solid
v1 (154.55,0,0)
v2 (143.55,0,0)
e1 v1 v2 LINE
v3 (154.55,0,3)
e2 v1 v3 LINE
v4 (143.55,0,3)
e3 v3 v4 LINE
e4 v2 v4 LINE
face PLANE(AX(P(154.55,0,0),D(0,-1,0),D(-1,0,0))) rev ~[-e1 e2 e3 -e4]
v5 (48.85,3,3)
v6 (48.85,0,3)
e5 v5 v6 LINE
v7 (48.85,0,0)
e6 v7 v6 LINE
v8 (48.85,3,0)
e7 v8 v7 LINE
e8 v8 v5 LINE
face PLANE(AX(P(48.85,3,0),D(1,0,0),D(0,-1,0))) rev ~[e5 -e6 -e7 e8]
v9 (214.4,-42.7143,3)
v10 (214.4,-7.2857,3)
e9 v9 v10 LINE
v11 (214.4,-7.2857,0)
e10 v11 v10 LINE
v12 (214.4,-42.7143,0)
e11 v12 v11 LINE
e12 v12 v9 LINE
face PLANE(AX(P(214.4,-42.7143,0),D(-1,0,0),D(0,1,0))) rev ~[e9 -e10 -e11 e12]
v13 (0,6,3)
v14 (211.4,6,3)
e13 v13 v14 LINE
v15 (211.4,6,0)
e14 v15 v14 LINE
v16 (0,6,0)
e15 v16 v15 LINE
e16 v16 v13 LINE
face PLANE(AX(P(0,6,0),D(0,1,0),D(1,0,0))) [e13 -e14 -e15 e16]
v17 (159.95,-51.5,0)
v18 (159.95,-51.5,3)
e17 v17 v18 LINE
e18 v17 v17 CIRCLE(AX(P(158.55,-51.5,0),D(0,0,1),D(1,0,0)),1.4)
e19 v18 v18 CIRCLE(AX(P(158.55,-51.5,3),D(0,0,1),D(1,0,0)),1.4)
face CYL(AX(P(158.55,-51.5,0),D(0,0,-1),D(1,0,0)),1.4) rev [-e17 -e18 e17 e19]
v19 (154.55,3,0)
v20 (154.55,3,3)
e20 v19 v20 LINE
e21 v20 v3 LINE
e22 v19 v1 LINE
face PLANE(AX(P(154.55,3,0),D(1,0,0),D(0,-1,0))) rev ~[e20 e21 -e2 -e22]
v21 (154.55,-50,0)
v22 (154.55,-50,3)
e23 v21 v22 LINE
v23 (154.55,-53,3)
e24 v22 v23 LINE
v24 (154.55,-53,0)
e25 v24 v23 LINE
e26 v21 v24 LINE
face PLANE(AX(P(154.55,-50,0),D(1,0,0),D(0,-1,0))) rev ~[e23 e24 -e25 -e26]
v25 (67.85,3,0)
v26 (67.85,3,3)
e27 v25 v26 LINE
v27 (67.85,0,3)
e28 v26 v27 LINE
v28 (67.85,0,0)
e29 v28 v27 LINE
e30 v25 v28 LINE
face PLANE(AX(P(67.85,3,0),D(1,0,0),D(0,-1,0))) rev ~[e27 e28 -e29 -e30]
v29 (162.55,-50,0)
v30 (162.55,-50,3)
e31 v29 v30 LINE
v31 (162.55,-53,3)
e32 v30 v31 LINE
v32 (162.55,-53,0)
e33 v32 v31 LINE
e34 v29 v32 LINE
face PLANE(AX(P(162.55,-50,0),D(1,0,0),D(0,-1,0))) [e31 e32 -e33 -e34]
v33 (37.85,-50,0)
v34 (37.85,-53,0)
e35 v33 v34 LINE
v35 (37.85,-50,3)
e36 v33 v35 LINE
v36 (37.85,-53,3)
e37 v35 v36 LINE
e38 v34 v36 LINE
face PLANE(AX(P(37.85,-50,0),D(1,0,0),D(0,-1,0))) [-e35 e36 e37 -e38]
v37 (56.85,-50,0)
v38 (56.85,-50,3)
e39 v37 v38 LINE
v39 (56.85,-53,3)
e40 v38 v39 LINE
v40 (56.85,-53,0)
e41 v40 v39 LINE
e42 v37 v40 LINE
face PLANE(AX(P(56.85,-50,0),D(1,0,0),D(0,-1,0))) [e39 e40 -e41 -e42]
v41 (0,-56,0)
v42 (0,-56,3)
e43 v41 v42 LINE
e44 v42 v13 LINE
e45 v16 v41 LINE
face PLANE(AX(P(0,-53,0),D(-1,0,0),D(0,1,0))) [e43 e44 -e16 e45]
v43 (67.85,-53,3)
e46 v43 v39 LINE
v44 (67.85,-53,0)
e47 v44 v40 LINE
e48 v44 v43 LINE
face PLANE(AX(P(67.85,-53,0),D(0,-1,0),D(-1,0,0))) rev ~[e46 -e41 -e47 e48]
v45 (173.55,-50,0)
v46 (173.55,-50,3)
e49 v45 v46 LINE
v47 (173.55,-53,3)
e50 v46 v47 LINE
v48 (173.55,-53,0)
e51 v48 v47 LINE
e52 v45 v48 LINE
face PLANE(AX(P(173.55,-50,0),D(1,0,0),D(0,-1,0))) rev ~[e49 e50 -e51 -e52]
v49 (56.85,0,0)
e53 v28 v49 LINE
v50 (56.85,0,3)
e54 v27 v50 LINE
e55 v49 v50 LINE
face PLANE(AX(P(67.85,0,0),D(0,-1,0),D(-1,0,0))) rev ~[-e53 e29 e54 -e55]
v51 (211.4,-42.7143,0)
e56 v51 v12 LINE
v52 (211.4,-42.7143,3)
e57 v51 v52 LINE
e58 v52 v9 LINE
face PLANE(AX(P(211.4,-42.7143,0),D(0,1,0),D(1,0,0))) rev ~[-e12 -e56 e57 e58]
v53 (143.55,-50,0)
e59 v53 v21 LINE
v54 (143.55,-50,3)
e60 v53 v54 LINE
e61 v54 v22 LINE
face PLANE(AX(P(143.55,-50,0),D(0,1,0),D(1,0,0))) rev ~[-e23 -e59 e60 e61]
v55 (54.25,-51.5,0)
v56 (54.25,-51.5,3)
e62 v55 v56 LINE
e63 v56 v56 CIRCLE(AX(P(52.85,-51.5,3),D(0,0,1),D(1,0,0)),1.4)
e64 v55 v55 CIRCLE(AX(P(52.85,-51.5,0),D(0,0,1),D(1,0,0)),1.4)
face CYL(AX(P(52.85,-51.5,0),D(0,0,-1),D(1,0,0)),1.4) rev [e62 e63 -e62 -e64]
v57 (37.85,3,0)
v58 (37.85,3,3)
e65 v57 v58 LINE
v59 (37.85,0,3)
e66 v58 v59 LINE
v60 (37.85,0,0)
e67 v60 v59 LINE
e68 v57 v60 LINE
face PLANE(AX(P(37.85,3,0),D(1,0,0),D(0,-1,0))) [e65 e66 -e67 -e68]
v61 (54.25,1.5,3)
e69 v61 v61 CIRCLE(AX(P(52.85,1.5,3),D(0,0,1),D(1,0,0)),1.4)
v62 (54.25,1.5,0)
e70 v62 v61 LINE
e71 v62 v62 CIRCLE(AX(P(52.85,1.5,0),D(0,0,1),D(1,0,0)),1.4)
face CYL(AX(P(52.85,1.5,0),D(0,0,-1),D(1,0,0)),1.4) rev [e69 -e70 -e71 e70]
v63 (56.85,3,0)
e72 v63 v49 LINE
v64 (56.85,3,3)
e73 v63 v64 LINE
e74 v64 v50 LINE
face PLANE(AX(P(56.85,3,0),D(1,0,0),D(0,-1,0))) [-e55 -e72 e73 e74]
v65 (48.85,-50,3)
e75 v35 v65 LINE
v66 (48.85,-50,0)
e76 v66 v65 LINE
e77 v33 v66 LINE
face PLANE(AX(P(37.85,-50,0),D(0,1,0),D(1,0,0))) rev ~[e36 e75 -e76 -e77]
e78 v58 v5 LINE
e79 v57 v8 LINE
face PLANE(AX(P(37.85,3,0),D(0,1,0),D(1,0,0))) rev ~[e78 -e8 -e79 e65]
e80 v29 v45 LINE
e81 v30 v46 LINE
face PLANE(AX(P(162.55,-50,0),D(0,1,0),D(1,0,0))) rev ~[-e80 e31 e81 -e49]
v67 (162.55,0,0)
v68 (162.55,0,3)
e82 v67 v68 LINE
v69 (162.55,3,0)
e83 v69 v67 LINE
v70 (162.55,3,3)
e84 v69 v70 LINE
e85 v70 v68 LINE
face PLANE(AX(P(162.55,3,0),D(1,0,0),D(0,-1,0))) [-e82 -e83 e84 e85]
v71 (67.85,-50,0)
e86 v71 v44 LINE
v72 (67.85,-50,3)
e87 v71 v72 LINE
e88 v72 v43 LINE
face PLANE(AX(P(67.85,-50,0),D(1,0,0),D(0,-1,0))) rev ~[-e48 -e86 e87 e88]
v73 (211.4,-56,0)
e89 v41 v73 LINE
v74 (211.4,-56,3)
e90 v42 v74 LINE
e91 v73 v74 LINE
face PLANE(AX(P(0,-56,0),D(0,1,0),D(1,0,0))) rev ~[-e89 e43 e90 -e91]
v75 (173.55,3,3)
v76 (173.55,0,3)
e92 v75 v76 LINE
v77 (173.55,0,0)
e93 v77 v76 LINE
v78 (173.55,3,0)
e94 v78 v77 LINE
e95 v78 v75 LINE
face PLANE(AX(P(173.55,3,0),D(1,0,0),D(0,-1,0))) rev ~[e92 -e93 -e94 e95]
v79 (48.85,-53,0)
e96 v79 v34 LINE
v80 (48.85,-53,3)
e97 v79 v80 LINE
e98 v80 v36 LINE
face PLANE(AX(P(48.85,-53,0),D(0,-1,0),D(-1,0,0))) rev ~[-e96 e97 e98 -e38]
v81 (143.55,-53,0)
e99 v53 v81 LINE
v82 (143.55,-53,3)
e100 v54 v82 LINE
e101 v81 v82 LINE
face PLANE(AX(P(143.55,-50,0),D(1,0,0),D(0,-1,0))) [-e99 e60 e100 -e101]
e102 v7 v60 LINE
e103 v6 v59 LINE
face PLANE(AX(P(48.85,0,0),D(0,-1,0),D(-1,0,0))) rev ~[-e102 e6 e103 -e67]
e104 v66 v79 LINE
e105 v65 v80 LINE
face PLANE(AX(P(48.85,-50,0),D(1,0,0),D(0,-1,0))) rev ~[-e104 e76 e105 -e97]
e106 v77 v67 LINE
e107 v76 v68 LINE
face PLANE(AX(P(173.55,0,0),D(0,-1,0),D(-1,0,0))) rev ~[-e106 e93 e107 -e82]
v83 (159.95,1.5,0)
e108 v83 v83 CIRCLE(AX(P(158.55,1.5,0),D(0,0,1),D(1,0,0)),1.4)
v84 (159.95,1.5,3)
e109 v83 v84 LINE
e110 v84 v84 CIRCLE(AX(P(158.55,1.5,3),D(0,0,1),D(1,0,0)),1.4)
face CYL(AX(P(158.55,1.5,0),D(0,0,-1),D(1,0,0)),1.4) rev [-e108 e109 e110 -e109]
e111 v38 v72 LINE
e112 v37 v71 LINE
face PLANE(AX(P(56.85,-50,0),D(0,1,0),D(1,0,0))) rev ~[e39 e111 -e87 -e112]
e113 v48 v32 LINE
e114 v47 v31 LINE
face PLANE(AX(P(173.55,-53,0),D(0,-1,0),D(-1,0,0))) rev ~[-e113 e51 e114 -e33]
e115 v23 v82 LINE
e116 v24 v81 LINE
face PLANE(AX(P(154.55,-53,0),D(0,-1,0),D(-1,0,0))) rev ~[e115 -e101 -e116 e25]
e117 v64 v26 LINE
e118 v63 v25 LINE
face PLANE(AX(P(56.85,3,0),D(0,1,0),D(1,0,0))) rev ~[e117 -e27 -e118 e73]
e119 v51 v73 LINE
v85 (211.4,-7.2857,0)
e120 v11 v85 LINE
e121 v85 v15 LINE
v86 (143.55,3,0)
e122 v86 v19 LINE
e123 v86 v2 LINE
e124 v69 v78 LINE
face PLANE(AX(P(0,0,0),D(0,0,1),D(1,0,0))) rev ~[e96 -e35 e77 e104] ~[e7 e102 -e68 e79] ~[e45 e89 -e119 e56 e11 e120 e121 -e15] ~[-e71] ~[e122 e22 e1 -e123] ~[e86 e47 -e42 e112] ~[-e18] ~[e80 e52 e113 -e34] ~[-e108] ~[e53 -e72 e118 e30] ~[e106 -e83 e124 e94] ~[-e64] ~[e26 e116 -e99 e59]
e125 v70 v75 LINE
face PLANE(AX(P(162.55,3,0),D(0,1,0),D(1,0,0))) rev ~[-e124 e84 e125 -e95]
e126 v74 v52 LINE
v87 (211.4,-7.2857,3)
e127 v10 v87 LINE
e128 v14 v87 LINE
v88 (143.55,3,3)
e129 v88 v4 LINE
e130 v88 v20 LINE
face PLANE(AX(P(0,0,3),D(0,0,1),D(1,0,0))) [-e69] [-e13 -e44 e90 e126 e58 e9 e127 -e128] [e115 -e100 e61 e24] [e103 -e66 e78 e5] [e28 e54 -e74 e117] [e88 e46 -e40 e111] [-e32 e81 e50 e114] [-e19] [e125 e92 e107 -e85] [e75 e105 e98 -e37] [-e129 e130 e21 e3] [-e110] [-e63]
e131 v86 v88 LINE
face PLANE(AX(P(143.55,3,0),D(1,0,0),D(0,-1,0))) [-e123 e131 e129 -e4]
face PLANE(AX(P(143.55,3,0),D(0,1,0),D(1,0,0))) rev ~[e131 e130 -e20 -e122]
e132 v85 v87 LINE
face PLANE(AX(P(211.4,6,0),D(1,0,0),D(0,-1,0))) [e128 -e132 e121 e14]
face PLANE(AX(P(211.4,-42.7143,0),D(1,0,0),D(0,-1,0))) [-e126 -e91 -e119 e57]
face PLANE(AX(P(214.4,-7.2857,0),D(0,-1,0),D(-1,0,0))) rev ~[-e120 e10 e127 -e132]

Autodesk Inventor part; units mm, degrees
ref_plane "YZ Plane" through (0, 0, 0) normal (1, 0, 0) x (0, 1, 0)
ref_plane "XZ Plane" through (0, 0, 0) normal (0, 1, 0) x (-1, 0, 0)
ref_plane "XY Plane" through (0, 0, 0) normal (0, 0, 1) x (1, 0, 0)
sketch "Sketch1" plane through (0, 0, 0) normal (0, 0, 1) x (1, 0, 0)
  line L0 (0, 6) -> (211.4, 6)
  line L1 (211.4, 6) -> (211.4, -53)
  line L2 (211.4, -53) -> (0, -53)
  line L3 (0, -53) -> (0, 6)
  line L4 (214.4, 3) -> (214.4, 0) projected
  line L5 (37.85, -53) -> (0, -53) projected
  line L6 (0, 6) -> (211.4, 6) projected
  line L7 (211.4, 3) -> (211.4, 6) projected
  line L8 (0, -53) -> (0, -56)
  line L9 (0, -56) -> (211.4, -56)
  line L10 (211.4, -56) -> (211.4, -53)
  line L11 (211.4, -42.7143) -> (214.4, -42.7143)
  line L12 (214.4, -42.7143) -> (214.4, -7.2857)
  line L13 (214.4, -7.2857) -> (211.4, -7.2857)
  line L14 (-8.1633, -25) -> (265.4045, -25) construction
  line L15 (37.85, 3) -> (48.85, 3) projected
  line L16 (37.85, 3) -> (37.85, 0) projected
  line L17 (48.85, 0) -> (37.85, 0) projected
  line L18 (48.85, 3) -> (48.85, 0) projected
  line L19 (56.85, 3) -> (67.85, 3) projected
  line L20 (56.85, 3) -> (56.85, 0) projected
  line L21 (67.85, 0) -> (56.85, 0) projected
  line L22 (67.85, 3) -> (67.85, 0) projected
  line L23 (143.55, 3) -> (154.55, 3) projected
  line L24 (143.55, 3) -> (143.55, 0) projected
  line L25 (154.55, 0) -> (143.55, 0) projected
  line L26 (154.55, 3) -> (154.55, 0) projected
  line L27 (162.55, 3) -> (173.55, 3) projected
  line L28 (162.55, 3) -> (162.55, 0) projected
  line L29 (173.55, 0) -> (162.55, 0) projected
  line L30 (173.55, 3) -> (173.55, 0) projected
  line L31 (162.55, -50) -> (173.55, -50) projected
  line L32 (162.55, -50) -> (162.55, -53) projected
  line L33 (173.55, -53) -> (162.55, -53) projected
  line L34 (173.55, -50) -> (173.55, -53) projected
  line L35 (143.55, -50) -> (154.55, -50) projected
  line L36 (143.55, -50) -> (143.55, -53) projected
  line L37 (154.55, -53) -> (143.55, -53) projected
  line L38 (154.55, -50) -> (154.55, -53) projected
  line L39 (56.85, -50) -> (67.85, -50) projected
  line L40 (56.85, -50) -> (56.85, -53) projected
  line L41 (67.85, -53) -> (56.85, -53) projected
  line L42 (67.85, -50) -> (67.85, -53) projected
  line L43 (37.85, -50) -> (48.85, -50) projected
  line L44 (37.85, -50) -> (37.85, -53) projected
  line L45 (48.85, -53) -> (37.85, -53) projected
  line L46 (48.85, -50) -> (48.85, -53) projected
  line L47 (143.55, -53) -> (154.55, -53)
  line L48 (154.55, -53) -> (154.55, -50)
  line L49 (154.55, -50) -> (143.55, -50)
  line L50 (143.55, -50) -> (143.55, -53)
  line L51 (162.55, -53) -> (173.55, -53)
  line L52 (173.55, -53) -> (173.55, -50)
  line L53 (173.55, -50) -> (162.55, -50)
  line L54 (162.55, -50) -> (162.55, -53)
  line L55 (56.85, -53) -> (67.85, -53)
  line L56 (67.85, -53) -> (67.85, -50)
  line L57 (67.85, -50) -> (56.85, -50)
  line L58 (56.85, -50) -> (56.85, -53)
  line L59 (48.85, -53) -> (37.85, -53)
  line L60 (37.85, -53) -> (37.85, -50)
  line L61 (37.85, -50) -> (48.85, -50)
  line L62 (48.85, -50) -> (48.85, -53)
  line L63 (211.4, -56) -> (0, -56)
  line L64 (0, -56) -> (0, -53)
  line L65 (0, -53) -> (211.4, -53)
  line L66 (211.4, -53) -> (211.4, -56)
  line L67 (154.55, 0) -> (162.55, 3) construction
  line L68 (154.55, 3) -> (162.55, 0) construction
  line L69 (48.85, 3) -> (56.85, 0) construction
  line L70 (48.85, 0) -> (56.85, 3) construction
  line L71 (48.85, -50) -> (56.85, -53) construction
  line L72 (48.85, -53) -> (56.85, -50) construction
  line L73 (154.55, -53) -> (162.55, -50) construction
  line L74 (154.55, -50) -> (162.55, -53) construction
  circle A0 centre (158.55, 1.5) radius 1.4
  circle A1 centre (52.85, 1.5) radius 1.4
  circle A2 centre (52.85, -51.5) radius 1.4
  circle A3 centre (158.55, -51.5) radius 1.4
  point P0 (0, 0)
  dimension "d0" = 3
  dimension "d1" = 3
  dimension "d2" = 62
  dimension "d3" = 31
  dimension "d4" = 35.4286
  dimension "d7" = 2.8
  dimension "d8" = 2.8
  dimension "d9" = 2.8
  dimension "d10" = 2.8
extrude "Extrusion1" add sketch "Sketch1" along normal blind 3 contours L0 L1 L2 L34 L31 L32 L38 L35 L36 L42 L39 L40 L46 L43 L44 L3 | L2 L10 L9 L8 | L13 L12 L11 L1
equation "\"d3\" = 0.5 * d2"
equation "\"d4\" = 0.571429 * d2"
properties part number "slider-holder_side"
